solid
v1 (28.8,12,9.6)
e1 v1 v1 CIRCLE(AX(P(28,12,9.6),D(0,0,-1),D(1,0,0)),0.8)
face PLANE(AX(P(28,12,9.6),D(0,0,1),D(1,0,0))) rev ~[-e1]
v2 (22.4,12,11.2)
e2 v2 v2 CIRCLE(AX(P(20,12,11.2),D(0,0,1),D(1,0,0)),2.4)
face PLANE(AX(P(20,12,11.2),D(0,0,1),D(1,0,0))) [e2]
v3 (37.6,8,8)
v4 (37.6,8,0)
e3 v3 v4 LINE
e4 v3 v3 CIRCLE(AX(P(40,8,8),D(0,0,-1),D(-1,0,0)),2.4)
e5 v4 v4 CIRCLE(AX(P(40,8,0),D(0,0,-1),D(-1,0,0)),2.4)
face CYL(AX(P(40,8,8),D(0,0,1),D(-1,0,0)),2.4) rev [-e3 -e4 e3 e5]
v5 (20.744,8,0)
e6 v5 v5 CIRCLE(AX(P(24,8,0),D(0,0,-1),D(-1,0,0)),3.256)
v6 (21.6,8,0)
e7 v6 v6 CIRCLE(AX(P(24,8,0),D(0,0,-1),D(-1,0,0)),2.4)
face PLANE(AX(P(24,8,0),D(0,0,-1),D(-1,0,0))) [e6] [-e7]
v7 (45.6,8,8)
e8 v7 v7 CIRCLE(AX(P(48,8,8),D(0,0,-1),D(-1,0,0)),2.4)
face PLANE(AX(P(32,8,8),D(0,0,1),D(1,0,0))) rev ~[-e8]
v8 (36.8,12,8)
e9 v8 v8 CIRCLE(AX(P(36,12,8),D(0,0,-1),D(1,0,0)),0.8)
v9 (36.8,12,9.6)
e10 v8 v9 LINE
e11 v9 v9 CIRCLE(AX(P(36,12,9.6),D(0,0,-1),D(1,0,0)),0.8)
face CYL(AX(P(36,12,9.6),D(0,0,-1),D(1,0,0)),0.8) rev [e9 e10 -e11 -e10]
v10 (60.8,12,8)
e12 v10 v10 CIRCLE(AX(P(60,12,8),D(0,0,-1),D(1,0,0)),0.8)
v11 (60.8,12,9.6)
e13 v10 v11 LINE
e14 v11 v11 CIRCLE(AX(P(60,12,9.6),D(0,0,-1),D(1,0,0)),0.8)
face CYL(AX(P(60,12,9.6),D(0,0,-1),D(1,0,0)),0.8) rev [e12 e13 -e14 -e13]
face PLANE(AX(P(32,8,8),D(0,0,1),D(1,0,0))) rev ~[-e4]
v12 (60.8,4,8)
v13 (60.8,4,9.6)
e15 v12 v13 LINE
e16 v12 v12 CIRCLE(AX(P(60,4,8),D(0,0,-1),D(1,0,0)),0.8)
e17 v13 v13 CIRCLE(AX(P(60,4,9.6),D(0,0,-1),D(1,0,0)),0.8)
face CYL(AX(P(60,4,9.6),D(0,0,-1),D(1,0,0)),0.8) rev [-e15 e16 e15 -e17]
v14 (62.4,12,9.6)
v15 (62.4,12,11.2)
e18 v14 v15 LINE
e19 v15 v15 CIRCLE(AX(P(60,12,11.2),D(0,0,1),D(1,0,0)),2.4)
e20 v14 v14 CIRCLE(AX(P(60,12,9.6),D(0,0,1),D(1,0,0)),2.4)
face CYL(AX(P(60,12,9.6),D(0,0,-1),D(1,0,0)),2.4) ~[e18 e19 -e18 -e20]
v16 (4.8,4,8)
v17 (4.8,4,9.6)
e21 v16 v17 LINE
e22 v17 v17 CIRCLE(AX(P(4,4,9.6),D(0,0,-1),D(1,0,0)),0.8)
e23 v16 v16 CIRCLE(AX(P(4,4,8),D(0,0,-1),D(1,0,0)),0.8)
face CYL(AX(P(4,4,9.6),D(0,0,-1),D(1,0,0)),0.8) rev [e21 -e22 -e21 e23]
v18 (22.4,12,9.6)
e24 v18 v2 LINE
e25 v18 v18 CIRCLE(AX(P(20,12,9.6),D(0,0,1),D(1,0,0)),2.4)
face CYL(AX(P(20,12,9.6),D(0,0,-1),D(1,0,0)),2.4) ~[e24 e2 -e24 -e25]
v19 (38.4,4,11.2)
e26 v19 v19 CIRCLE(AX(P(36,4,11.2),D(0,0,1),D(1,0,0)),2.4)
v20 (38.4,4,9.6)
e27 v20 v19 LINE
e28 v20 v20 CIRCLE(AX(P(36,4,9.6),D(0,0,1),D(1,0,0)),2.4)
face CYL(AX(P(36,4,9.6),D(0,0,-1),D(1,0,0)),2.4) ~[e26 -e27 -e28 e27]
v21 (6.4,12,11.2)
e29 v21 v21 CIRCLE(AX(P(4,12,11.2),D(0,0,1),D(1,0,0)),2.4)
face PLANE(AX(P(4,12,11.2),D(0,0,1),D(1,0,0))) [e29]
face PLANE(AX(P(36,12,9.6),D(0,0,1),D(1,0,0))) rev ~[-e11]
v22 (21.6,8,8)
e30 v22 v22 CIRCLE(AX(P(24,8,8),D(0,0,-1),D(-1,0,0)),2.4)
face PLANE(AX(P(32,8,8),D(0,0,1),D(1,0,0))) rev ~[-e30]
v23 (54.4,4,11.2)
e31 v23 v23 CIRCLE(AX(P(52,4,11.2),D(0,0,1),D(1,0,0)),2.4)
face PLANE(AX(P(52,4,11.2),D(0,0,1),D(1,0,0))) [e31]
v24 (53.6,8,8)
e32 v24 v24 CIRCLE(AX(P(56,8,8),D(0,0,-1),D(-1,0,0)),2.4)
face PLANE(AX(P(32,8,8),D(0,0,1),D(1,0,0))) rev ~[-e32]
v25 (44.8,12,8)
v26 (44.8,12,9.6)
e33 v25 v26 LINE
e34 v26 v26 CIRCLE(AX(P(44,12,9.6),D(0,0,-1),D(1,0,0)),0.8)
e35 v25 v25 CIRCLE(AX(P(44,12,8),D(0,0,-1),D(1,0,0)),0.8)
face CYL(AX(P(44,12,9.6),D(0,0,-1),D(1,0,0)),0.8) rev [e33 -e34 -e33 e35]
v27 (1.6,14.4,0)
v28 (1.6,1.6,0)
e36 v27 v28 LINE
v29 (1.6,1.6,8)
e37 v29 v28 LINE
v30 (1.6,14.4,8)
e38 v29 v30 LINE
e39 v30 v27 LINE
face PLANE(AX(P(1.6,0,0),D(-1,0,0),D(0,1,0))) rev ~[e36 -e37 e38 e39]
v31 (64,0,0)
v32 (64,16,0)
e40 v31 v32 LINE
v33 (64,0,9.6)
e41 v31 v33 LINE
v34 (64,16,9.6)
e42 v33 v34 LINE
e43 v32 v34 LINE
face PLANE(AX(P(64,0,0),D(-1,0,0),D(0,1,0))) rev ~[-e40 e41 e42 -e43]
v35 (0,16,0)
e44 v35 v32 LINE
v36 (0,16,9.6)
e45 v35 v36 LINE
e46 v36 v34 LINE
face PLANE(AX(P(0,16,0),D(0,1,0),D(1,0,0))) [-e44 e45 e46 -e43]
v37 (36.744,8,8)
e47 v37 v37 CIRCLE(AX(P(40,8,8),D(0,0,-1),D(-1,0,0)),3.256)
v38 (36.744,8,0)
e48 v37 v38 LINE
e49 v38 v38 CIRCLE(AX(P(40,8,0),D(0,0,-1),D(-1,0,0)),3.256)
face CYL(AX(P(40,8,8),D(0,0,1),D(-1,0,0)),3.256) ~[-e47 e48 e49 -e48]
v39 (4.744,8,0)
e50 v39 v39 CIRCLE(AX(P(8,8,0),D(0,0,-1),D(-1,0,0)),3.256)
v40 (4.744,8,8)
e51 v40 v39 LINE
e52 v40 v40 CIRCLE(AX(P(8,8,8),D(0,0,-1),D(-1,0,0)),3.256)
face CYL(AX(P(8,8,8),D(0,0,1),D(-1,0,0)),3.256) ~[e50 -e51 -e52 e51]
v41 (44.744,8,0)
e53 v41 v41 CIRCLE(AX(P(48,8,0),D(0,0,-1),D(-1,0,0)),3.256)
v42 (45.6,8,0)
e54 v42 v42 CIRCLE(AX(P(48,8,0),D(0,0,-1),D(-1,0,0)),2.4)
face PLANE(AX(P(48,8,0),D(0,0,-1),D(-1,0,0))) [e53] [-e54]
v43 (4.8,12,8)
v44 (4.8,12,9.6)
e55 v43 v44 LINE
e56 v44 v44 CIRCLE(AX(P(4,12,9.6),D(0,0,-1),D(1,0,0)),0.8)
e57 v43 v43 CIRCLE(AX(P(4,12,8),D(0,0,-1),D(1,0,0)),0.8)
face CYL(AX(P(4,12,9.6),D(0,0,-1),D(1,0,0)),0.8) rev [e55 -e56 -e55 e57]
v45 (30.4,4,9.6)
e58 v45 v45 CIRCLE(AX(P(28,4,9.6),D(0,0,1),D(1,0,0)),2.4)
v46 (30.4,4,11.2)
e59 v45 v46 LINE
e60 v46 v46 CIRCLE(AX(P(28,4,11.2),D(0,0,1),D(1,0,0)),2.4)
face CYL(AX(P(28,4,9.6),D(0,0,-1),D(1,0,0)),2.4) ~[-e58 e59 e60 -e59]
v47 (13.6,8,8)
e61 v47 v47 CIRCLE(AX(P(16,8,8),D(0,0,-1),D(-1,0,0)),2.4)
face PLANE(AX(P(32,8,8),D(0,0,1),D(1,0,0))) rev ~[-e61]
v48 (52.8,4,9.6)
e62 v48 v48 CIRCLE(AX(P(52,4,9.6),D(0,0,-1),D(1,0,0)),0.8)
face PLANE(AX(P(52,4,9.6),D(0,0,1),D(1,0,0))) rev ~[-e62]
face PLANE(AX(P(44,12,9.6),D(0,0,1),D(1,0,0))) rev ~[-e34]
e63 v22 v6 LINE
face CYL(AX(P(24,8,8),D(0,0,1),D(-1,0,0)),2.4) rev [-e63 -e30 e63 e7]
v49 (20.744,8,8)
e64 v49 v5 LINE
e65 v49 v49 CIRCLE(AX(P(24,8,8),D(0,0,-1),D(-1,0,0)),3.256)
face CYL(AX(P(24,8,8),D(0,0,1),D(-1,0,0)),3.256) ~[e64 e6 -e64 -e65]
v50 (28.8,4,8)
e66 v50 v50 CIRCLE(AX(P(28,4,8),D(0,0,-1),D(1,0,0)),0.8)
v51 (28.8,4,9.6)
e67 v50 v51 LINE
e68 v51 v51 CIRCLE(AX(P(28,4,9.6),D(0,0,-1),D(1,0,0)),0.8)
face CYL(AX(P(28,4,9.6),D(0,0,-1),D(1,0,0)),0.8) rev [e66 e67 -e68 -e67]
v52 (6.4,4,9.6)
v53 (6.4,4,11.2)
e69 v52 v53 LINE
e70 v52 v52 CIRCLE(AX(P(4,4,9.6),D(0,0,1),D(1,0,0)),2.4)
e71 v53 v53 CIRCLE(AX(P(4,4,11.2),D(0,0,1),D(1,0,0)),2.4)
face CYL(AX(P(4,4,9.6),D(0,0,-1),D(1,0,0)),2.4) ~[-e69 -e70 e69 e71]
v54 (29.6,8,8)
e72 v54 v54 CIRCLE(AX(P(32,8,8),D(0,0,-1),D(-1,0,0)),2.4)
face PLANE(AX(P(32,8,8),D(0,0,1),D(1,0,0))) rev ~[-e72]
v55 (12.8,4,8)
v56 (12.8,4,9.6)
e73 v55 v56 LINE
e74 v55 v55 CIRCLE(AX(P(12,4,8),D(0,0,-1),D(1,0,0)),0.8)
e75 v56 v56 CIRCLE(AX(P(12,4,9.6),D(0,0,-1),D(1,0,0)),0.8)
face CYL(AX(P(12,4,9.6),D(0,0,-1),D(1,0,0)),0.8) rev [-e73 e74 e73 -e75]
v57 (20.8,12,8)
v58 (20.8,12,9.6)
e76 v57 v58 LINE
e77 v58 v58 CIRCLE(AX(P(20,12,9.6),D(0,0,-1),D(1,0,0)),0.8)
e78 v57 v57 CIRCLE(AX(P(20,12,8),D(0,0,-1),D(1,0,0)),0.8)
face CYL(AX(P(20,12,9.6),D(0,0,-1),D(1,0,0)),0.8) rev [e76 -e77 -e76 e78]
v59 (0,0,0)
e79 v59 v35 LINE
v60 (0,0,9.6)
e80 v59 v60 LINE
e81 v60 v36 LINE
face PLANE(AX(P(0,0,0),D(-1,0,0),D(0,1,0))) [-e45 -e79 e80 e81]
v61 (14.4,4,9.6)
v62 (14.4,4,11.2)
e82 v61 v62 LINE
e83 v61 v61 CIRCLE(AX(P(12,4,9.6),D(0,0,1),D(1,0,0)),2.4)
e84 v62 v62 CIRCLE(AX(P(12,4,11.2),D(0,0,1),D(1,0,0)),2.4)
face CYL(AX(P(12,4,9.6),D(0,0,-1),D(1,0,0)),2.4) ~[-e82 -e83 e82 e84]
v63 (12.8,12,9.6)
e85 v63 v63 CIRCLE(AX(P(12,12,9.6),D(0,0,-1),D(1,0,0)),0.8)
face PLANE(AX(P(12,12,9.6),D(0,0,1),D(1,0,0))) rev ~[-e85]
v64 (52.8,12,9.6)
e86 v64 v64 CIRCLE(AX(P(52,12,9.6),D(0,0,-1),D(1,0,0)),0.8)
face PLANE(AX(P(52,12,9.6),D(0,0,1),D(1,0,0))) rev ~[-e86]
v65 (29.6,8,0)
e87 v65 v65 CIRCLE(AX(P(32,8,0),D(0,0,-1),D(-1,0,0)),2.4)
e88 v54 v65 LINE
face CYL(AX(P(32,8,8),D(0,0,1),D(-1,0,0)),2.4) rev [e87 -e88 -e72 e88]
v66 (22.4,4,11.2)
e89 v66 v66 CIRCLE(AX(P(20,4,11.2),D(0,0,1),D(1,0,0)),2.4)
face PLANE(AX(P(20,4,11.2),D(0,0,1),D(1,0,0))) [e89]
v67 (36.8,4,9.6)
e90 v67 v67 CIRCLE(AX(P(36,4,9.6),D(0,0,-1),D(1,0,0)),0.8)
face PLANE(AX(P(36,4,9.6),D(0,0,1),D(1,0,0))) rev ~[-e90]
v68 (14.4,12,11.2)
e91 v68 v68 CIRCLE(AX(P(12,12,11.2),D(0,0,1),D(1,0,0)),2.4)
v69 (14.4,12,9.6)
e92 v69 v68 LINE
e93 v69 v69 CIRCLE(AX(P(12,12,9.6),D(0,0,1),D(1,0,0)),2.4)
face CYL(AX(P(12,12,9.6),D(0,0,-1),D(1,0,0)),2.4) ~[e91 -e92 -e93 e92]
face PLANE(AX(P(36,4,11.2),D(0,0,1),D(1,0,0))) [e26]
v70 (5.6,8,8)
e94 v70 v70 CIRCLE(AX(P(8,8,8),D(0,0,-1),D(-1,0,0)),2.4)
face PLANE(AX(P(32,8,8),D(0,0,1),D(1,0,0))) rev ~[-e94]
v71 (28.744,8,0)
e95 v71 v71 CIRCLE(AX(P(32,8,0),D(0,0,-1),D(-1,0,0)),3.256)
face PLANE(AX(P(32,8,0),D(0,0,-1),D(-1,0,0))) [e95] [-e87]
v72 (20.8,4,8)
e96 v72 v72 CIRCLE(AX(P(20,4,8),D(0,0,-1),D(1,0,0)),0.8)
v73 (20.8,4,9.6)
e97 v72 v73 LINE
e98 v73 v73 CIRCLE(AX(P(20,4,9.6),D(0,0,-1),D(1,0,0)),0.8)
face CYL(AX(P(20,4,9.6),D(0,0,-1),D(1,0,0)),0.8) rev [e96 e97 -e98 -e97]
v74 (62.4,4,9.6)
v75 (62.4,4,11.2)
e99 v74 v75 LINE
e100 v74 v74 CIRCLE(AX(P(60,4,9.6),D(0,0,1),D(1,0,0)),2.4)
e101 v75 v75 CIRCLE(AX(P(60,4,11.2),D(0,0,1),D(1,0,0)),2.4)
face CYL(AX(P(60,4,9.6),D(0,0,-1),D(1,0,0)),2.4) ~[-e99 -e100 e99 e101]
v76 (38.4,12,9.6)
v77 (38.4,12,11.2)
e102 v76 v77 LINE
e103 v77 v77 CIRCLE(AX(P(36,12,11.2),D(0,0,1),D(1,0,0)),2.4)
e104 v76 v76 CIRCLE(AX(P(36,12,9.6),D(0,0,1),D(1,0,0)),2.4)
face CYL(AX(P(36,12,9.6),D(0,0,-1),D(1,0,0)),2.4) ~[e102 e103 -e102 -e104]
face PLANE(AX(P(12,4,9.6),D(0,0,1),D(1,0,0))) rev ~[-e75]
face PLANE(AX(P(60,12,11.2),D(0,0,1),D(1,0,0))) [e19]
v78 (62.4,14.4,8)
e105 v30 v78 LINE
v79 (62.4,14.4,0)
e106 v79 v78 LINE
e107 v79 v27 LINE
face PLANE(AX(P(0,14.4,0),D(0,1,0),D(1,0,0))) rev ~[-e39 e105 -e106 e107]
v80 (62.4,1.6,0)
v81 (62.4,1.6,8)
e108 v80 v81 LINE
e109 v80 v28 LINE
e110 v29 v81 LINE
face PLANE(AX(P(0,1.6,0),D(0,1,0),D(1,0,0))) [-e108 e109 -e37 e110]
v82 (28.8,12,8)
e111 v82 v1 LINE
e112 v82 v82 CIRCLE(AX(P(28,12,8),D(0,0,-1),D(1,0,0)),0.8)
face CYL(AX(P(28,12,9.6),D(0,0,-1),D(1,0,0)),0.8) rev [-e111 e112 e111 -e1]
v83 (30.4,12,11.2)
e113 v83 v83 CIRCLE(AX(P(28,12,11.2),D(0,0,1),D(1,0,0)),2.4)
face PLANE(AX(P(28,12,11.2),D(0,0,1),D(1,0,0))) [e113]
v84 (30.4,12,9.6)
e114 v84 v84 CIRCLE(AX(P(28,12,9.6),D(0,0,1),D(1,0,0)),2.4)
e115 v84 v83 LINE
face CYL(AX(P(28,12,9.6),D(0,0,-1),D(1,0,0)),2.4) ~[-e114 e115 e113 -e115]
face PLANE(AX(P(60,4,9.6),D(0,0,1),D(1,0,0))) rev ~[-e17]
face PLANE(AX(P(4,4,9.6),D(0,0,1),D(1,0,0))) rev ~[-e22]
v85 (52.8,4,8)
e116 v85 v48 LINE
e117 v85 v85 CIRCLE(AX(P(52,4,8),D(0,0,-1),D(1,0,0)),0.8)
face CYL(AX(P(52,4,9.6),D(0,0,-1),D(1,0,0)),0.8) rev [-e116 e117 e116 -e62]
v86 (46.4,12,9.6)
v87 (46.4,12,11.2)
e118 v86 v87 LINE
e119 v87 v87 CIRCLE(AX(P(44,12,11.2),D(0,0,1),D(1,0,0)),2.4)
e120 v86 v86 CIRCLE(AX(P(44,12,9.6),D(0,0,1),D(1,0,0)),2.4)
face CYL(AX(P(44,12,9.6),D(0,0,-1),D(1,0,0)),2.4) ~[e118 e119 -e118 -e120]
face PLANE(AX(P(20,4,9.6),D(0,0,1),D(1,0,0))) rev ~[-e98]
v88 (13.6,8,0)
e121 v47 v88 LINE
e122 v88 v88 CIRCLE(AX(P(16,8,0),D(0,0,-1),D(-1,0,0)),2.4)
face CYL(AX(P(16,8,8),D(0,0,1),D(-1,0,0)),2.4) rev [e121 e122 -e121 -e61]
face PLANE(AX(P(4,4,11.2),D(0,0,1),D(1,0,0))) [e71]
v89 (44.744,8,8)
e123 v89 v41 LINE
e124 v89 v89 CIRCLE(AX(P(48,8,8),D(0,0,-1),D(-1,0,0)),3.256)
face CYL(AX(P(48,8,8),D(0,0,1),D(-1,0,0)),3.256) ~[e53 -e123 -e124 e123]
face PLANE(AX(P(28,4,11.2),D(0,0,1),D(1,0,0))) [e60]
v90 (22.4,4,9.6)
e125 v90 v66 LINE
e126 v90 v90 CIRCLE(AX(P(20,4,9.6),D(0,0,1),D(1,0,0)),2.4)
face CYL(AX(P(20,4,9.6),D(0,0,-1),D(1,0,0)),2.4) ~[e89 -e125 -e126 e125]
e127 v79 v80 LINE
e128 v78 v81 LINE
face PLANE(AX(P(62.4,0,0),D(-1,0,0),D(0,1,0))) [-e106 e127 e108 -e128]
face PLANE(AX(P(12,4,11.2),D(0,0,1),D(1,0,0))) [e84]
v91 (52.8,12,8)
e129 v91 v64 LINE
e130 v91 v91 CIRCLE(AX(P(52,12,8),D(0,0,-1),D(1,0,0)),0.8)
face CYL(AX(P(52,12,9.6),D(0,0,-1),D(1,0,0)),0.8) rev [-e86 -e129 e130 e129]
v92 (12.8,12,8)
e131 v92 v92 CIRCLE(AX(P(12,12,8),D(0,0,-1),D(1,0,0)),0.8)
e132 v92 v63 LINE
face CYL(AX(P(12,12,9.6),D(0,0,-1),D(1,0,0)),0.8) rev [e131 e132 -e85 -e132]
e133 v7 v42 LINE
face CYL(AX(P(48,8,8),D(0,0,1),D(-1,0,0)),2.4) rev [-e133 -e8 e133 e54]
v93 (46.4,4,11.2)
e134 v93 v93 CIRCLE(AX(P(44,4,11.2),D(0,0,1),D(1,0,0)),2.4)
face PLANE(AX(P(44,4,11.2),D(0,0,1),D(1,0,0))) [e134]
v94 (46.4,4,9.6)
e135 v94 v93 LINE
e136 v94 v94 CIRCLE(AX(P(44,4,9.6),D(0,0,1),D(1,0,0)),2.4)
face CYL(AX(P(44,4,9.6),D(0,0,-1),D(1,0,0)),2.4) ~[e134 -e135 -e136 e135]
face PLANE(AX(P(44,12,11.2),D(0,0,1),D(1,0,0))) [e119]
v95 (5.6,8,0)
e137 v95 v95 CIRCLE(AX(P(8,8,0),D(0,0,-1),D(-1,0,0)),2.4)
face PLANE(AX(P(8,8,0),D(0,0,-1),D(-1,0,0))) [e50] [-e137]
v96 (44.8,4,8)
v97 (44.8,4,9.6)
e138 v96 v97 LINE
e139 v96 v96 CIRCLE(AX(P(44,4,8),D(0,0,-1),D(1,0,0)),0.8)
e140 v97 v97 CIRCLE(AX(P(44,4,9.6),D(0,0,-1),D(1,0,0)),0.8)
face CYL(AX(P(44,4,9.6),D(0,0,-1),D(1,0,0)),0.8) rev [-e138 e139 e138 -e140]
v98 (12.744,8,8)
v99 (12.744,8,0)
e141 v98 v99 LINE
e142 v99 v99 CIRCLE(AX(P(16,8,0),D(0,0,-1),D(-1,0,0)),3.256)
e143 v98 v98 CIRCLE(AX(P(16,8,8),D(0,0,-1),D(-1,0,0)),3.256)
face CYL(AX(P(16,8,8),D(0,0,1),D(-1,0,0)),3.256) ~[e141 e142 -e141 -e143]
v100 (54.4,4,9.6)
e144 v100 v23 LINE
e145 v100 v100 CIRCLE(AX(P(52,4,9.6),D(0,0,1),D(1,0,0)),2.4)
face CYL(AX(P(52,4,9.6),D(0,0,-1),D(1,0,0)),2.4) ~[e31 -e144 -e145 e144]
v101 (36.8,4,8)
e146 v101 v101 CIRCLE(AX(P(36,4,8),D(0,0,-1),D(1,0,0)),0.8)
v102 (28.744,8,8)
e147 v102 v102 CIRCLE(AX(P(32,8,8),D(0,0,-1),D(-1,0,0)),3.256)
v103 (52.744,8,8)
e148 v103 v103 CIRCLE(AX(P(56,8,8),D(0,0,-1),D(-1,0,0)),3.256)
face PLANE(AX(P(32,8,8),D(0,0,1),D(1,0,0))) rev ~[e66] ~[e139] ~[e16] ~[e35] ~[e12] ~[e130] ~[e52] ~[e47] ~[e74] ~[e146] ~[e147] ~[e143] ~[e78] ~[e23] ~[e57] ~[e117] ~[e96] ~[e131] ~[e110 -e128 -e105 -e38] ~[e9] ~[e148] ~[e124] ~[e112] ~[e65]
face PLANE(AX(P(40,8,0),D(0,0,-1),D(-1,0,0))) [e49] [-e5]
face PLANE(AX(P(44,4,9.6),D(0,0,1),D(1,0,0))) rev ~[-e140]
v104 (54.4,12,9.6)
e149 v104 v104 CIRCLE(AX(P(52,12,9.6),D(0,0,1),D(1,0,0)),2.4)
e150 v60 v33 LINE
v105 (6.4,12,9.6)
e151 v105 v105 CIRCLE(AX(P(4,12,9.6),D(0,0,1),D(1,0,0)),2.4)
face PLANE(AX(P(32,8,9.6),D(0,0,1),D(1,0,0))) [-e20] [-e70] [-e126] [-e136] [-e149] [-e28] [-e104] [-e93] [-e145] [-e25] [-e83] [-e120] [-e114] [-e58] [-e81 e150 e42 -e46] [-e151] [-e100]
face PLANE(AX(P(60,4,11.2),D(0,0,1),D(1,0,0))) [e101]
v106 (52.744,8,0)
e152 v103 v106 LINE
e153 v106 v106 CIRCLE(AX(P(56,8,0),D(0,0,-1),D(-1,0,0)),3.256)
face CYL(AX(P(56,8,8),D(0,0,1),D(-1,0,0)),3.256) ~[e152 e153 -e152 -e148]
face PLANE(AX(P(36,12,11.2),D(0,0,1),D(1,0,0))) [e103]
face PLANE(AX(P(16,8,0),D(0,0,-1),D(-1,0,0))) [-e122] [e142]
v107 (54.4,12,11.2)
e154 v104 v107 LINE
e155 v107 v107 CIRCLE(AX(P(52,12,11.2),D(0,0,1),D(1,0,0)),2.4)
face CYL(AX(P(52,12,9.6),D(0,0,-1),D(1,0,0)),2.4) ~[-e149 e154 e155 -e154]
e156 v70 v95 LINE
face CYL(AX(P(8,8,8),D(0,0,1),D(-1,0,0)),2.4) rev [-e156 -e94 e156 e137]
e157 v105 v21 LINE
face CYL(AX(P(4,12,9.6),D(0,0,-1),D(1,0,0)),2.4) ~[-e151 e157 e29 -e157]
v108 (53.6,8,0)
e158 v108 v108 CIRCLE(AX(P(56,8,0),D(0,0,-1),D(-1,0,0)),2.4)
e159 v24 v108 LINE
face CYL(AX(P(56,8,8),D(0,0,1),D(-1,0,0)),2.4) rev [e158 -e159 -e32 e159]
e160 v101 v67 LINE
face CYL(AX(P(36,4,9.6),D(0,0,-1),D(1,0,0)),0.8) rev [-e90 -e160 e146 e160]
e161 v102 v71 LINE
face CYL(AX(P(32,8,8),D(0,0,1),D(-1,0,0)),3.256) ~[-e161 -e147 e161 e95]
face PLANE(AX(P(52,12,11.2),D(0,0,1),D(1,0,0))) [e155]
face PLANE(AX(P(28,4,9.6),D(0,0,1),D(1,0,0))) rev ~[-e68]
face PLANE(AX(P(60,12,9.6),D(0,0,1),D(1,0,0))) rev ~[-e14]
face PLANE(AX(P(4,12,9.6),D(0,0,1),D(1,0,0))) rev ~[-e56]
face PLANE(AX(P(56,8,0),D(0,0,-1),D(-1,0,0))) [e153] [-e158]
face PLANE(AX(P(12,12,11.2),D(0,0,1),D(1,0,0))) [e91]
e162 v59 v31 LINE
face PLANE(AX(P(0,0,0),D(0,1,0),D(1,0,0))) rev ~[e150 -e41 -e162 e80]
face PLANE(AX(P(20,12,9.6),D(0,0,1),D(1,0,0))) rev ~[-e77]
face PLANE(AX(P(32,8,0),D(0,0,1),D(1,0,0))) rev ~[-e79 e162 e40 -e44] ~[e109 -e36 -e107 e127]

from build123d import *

# Parameters (mm, degrees)
SKETCH1_W            = 64
SKETCH1_H            = 16
BOSS_EXTRUDE1_DEPTH  = 9.6
SKETCH2_R            = 2.4
BOSS_EXTRUDE2_DEPTH  = 1.6
LPATTERN1_COUNT      = 8
LPATTERN1_PITCH      = 8
LPATTERN1_COUNT_DIR2 = 2
LPATTERN1_PITCH_DIR2 = 8
SHELL1_T             = -1.6
SKETCH3_R            = 3.256
SKETCH3_R_2          = 2.4
BOSS_EXTRUDE3_DEPTH  = 8
LPATTERN2_COUNT      = 7
LPATTERN2_PITCH      = 8


with BuildPart() as part:
    # Sketch1 → Boss-Extrude1 (new body)
    with BuildSketch(Plane.XY):
        with Locations((32, 8)):
            Rectangle(SKETCH1_W, SKETCH1_H)
    extrude(amount=BOSS_EXTRUDE1_DEPTH)

    # Sketch2 → Boss-Extrude2 (add)
    with BuildSketch(Plane.XY.offset(9.6)):
        with Locations((4, 12)):
            Circle(SKETCH2_R)
    boss_extrude2 = extrude(amount=BOSS_EXTRUDE2_DEPTH)

    # LPattern1: Boss-Extrude2 8 × 2
    with Locations(*[(i * LPATTERN1_PITCH, -j * LPATTERN1_PITCH_DIR2, 0) for i in range(LPATTERN1_COUNT) for j in range(LPATTERN1_COUNT_DIR2) if (i, j) != (0, 0)]):
        add(boss_extrude2)

    # Shell1
    shell1_openings = [part.faces().sort_by_distance(p)[0] for p in [
        (32, 8, 0),
    ]]
    offset(amount=SHELL1_T, openings=shell1_openings, kind=Kind.INTERSECTION)

    # Sketch3 → Boss-Extrude3 (add)
    with BuildSketch(Plane(origin=(0, 0, 8), x_dir=(-1, 0, 0), z_dir=(0, 0, -1))):
        with Locations((-8, 8)):
            Circle(SKETCH3_R)
        with Locations((-8, 8)):
            Circle(SKETCH3_R_2, mode=Mode.SUBTRACT)
    boss_extrude3 = extrude(amount=BOSS_EXTRUDE3_DEPTH)

    # LPattern2: Boss-Extrude3 ×7
    with Locations(*[(i * LPATTERN2_PITCH, 0, 0) for i in range(1, LPATTERN2_COUNT)]):
        add(boss_extrude3)


solid = part.part
